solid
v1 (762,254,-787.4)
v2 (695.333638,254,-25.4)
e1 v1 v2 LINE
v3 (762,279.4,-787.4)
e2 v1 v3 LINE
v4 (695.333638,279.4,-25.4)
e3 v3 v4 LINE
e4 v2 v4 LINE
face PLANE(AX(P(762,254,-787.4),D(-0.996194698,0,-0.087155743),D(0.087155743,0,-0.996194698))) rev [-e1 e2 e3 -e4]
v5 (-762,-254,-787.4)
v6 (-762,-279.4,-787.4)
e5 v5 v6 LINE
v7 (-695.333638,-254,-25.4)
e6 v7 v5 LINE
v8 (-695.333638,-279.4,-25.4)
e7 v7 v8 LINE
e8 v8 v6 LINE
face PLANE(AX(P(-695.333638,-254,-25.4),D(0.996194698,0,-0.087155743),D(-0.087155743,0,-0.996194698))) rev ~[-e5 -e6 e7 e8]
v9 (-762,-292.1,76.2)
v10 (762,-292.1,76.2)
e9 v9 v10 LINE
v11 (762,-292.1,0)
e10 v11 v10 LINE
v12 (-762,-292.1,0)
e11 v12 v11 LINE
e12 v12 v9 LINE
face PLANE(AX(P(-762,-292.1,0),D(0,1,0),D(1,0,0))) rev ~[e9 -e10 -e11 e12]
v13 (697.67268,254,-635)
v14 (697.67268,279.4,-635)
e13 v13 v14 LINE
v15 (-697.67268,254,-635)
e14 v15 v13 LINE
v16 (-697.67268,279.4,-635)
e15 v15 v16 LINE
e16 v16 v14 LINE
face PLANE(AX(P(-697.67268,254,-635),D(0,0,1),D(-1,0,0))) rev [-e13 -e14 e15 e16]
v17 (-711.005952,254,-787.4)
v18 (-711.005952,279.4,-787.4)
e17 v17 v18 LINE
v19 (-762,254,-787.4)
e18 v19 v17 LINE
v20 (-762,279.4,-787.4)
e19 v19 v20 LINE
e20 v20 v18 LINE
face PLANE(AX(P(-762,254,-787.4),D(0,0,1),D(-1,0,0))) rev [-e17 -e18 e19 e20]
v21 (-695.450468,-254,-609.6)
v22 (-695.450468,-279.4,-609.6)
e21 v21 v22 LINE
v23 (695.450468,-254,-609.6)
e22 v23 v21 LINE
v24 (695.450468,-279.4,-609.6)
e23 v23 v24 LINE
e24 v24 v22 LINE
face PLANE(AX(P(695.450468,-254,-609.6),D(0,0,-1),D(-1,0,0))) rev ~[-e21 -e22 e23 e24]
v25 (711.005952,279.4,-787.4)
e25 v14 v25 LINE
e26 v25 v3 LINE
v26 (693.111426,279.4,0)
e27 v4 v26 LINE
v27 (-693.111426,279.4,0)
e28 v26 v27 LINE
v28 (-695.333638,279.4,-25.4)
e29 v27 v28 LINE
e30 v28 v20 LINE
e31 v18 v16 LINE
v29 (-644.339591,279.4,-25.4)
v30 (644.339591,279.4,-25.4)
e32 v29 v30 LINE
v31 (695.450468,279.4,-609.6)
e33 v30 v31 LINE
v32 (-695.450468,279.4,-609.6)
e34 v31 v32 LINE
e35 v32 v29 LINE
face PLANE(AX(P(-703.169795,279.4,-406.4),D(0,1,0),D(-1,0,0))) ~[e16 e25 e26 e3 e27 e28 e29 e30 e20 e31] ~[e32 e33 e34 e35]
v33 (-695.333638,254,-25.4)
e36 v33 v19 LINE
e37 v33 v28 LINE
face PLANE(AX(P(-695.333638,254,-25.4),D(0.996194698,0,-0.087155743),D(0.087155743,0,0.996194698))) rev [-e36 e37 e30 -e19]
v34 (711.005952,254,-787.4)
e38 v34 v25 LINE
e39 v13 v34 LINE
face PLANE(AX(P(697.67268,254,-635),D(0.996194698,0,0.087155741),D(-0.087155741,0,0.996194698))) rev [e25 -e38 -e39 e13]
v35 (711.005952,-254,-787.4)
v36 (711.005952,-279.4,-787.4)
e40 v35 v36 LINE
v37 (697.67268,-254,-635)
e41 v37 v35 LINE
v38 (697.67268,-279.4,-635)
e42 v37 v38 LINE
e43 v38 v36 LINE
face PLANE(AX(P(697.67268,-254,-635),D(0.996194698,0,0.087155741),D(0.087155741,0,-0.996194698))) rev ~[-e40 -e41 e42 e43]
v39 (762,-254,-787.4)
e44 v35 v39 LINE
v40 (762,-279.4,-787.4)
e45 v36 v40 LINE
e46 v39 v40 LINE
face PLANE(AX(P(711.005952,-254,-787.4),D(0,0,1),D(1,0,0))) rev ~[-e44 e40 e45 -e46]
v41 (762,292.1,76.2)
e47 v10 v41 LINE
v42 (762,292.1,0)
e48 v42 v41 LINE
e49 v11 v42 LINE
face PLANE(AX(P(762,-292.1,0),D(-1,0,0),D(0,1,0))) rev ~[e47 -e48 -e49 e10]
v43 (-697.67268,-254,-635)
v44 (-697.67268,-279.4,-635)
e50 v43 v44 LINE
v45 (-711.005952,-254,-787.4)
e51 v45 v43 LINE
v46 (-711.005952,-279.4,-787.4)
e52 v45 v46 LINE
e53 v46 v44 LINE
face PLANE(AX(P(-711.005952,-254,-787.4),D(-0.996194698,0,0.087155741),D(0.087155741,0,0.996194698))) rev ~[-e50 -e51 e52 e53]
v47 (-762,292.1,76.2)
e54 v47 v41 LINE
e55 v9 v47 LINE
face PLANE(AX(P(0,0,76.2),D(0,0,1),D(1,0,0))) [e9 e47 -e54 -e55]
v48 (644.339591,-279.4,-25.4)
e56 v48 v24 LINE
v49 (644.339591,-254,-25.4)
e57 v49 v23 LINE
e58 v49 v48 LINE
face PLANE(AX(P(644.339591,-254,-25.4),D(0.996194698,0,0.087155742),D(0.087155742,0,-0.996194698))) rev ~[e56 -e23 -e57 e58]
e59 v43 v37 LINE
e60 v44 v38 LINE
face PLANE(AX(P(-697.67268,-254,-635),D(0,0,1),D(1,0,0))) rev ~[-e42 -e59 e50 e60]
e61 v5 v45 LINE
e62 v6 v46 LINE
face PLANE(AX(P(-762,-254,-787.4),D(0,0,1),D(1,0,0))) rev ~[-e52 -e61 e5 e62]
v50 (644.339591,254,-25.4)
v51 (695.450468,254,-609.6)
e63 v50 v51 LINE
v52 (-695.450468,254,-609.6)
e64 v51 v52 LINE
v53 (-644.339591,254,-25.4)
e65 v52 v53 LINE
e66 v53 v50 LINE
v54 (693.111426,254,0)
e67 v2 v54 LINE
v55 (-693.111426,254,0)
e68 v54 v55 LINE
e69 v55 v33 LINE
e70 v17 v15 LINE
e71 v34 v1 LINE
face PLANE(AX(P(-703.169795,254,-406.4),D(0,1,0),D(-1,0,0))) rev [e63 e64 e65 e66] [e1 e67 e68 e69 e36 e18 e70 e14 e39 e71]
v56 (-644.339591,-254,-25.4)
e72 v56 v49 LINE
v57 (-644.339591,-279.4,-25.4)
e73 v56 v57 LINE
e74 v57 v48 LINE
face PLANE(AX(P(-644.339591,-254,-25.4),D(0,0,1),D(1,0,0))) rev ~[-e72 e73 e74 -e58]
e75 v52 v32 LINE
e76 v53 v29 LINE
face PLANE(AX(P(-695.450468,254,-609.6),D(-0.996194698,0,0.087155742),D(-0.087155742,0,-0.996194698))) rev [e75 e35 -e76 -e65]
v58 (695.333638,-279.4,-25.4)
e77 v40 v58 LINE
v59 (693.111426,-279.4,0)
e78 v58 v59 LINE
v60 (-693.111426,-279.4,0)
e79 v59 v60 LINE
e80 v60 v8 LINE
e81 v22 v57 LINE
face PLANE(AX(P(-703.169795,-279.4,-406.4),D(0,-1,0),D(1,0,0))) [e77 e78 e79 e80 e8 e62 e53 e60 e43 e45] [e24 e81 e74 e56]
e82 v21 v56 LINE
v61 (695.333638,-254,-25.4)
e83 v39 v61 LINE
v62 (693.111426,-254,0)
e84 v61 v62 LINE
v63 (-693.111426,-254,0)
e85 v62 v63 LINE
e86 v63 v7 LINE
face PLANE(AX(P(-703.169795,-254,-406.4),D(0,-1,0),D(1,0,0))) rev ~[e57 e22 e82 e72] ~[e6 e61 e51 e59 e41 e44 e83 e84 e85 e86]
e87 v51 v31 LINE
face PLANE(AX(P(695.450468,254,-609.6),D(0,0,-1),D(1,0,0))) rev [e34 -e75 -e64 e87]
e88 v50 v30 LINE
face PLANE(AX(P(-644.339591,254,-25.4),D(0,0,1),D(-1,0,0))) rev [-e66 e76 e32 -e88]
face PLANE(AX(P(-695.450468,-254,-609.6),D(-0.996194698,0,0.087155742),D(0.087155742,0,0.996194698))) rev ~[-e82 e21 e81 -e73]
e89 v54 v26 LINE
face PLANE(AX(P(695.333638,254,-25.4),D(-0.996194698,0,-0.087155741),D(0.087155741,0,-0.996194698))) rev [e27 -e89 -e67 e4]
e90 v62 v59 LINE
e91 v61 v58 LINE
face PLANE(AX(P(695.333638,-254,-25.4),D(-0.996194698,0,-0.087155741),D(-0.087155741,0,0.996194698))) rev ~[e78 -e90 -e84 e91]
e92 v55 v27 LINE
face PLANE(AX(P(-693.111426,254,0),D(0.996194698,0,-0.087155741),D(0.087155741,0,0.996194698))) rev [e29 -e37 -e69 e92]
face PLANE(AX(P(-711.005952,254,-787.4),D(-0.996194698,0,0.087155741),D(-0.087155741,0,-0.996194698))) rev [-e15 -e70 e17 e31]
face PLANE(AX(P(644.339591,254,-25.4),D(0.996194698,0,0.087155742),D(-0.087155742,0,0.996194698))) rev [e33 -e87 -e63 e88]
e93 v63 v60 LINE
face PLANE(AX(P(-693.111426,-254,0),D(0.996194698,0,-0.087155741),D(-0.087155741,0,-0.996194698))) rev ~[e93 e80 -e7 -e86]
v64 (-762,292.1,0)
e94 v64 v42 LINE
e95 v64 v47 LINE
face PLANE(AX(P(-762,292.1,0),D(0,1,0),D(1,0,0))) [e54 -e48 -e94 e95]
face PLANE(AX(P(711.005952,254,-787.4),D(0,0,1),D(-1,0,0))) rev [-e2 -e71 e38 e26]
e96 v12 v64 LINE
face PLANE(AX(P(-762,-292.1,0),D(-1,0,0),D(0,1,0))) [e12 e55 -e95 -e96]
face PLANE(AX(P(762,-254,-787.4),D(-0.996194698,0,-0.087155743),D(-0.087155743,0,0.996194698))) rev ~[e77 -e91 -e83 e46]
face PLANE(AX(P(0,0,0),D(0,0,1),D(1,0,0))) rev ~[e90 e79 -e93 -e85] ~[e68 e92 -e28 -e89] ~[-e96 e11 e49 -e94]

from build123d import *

# Parameters (mm, degrees)
F0_W     = 1524
F0_H     = 584.2
F1_DEPTH = 76.2
F5_DEPTH = 25.4


with BuildPart() as f1:
    # F0 (on Top) → F1 (new body)
    with BuildSketch(Plane.XY):
        Rectangle(F0_W, F0_H)
    extrude(amount=F1_DEPTH)

    # F4 (on offset) → F5 (join)
    with BuildSketch(Plane.XZ.offset(254)):
        Polygon((-644.339591, -25.4), (-695.333638, -25.4), (-762, -787.4), (-711.005952, -787.4), (-697.67268, -635), (-695.450468, -609.6), align=None)
        Polygon((762, -787.4), (695.333638, -25.4), (644.339591, -25.4), (695.450468, -609.6), (697.67268, -635), (711.005952, -787.4), align=None)
        Polygon((693.111426, 0), (-693.111426, 0), (-695.333638, -25.4), (-644.339591, -25.4), (644.339591, -25.4), (695.333638, -25.4), align=None)
        Polygon((695.450468, -609.6), (-695.450468, -609.6), (-697.67268, -635), (697.67268, -635), align=None)
    extrude(amount=F5_DEPTH)

    # F6: F1 across plane


with BuildPart() as f1_1:
    add(f1.part)
    add(f1.part.mirror(Plane.XZ))


solid = f1_1.part
